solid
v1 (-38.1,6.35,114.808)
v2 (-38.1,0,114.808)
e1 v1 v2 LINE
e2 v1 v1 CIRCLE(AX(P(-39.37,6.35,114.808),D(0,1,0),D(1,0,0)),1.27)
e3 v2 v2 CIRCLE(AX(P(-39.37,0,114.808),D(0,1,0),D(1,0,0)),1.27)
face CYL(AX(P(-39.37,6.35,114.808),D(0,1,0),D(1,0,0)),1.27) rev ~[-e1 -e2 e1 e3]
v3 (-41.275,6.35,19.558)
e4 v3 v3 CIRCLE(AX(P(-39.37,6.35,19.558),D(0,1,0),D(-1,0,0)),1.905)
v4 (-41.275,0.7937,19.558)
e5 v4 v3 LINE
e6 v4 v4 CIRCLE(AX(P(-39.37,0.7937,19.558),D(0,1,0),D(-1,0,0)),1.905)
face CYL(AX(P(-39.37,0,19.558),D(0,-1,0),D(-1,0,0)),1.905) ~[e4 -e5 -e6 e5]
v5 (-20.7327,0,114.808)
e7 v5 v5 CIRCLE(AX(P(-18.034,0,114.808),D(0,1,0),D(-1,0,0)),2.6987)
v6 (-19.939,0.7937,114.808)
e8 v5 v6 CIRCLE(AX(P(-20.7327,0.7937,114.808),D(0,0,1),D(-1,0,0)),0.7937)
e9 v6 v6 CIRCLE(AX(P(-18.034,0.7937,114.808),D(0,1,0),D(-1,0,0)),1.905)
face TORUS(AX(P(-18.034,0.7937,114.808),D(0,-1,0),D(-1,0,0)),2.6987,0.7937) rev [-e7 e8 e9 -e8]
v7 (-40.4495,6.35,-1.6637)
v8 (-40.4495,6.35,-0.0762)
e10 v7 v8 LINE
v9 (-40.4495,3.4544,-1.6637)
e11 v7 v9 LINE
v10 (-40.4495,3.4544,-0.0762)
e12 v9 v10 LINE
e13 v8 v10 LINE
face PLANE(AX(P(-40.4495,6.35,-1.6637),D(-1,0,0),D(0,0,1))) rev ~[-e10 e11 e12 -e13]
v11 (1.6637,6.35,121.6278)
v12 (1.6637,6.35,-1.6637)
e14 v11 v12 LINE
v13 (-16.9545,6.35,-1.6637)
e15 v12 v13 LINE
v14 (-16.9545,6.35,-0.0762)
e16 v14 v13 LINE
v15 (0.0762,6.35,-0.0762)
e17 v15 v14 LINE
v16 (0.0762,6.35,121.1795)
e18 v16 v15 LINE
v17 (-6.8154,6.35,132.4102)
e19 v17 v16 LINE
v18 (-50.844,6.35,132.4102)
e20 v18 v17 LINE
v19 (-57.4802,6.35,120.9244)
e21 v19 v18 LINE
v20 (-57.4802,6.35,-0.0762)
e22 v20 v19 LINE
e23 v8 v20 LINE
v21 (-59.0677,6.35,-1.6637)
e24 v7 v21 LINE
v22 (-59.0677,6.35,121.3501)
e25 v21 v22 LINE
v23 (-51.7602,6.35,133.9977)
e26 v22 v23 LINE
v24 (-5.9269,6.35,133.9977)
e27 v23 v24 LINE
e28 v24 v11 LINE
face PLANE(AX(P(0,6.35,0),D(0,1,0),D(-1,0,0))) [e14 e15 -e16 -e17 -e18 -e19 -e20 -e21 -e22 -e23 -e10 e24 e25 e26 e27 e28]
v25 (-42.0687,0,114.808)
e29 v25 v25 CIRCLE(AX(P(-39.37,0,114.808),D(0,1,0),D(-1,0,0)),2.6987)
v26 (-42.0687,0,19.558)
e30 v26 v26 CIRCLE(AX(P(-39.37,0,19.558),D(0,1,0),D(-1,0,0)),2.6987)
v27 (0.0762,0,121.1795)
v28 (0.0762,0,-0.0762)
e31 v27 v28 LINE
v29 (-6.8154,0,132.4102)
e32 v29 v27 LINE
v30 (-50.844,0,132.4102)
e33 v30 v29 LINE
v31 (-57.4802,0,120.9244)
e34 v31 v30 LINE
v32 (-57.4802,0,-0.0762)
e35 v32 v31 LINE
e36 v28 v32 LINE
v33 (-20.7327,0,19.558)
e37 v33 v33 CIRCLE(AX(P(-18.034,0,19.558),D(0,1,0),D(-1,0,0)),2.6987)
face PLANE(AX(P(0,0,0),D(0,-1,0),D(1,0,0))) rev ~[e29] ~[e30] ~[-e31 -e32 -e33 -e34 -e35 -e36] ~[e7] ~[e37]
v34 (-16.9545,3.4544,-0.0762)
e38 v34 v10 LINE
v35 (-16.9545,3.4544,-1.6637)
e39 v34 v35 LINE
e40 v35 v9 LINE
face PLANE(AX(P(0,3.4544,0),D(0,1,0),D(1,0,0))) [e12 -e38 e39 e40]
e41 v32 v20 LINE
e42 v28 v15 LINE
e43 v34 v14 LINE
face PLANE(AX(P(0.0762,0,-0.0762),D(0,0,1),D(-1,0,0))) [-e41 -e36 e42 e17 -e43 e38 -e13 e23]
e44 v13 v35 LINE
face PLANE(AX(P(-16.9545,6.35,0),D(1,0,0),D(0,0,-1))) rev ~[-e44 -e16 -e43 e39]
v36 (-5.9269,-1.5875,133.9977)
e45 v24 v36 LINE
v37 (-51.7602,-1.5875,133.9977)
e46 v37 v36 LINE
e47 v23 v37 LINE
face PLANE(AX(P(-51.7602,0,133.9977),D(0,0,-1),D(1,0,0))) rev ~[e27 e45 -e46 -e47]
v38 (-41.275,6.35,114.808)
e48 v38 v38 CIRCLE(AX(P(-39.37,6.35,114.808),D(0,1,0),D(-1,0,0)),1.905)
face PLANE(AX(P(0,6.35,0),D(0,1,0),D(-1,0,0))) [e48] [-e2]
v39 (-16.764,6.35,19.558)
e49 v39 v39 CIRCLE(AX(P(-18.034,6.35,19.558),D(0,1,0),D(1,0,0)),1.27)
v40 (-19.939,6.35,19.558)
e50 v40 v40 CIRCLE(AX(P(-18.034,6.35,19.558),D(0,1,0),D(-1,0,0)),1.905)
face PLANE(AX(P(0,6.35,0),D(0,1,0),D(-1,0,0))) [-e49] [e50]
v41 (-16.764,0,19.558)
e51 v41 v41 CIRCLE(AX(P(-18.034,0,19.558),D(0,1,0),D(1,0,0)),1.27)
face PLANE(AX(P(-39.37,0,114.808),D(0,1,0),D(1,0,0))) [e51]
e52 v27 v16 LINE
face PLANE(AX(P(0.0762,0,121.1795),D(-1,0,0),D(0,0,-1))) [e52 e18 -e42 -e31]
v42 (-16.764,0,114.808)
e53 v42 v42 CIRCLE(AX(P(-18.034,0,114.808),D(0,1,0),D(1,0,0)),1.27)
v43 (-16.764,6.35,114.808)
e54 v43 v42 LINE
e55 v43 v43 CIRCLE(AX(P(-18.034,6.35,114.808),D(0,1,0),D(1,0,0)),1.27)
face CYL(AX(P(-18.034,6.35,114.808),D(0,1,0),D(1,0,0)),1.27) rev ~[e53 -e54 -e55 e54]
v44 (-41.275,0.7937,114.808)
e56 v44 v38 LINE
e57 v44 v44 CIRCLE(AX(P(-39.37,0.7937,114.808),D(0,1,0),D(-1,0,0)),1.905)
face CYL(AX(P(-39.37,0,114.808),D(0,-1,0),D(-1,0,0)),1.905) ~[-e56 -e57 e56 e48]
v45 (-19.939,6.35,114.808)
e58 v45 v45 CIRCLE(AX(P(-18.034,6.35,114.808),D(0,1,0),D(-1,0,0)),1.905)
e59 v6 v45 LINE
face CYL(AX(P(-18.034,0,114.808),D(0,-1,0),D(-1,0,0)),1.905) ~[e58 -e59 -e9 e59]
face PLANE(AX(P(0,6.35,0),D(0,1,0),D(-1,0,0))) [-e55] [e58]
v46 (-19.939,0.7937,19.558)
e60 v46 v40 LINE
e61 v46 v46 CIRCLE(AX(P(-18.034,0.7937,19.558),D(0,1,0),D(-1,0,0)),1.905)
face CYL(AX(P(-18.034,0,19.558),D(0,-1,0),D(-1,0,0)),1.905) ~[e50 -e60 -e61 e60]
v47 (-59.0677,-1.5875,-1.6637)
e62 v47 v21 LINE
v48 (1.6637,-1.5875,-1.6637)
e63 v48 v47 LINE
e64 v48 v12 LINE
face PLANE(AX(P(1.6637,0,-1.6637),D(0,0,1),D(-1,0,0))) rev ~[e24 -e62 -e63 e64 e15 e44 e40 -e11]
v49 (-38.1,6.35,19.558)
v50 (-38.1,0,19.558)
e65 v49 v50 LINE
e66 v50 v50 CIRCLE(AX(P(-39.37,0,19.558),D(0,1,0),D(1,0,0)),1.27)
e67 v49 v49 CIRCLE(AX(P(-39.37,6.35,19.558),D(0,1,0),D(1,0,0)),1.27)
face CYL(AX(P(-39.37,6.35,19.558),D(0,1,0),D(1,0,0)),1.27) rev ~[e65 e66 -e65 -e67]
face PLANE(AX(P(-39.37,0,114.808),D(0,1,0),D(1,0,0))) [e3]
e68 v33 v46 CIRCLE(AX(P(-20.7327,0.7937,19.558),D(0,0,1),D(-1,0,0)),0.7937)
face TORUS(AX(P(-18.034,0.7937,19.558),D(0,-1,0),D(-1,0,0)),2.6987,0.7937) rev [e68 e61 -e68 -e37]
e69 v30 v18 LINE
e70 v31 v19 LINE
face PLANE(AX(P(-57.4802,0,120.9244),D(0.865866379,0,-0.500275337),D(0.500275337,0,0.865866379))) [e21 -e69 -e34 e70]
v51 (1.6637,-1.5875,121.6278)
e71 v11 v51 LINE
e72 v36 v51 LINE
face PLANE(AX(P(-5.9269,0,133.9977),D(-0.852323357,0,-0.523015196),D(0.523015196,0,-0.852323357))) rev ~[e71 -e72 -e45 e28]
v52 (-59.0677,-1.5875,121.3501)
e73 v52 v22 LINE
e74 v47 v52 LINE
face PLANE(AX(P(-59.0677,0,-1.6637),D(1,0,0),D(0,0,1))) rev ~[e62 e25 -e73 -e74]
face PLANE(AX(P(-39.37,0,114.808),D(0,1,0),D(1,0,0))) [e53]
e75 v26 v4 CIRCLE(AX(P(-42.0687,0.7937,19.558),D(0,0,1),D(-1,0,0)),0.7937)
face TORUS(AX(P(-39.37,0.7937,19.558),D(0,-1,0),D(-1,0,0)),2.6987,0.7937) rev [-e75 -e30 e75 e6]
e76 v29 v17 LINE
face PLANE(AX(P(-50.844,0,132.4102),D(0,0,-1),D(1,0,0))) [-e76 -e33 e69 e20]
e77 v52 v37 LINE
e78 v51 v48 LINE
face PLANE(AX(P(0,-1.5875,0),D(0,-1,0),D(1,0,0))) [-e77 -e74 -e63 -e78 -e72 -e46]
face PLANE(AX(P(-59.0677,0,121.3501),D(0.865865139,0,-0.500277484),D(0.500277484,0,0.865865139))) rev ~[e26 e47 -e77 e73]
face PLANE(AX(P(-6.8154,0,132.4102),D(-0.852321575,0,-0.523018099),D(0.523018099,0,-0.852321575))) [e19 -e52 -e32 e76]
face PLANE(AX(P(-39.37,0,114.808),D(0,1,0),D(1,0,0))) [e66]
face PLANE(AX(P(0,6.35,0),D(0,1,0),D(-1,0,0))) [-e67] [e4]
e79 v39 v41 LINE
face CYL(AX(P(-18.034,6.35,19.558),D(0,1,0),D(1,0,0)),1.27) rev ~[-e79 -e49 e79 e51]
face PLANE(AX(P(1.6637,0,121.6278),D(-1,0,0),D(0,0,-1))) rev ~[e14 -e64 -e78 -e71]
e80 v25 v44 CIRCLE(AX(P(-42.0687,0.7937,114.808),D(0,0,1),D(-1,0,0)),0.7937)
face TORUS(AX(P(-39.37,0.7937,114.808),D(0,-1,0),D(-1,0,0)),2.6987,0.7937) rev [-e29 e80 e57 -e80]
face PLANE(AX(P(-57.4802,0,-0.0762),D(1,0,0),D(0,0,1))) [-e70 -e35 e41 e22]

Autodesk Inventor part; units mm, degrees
ref_plane "YZ Plane" through (0, 0, 0) normal (1, 0, 0) x (0, 1, 0)
ref_plane "XZ Plane" through (0, 0, 0) normal (0, 1, 0) x (-1, 0, 0)
ref_plane "XY Plane" through (0, 0, 0) normal (0, 0, 1) x (1, 0, 0)
sketch "Sketch1" plane through (0, 0, 0) normal (0, 1, 0) x (-1, 0, 0)
  line L0 (0, 0) -> (57.404, 0) construction
  line L1 (57.404, 0) -> (57.404, 120.904) construction
  line L2 (57.404, 120.904) -> (50.8, 132.334) construction
  line L3 (50.8, 132.334) -> (6.858, 132.334) construction
  line L4 (6.858, 132.334) -> (0, 121.158) construction
  line L5 (0, 121.158) -> (0, 0) construction
  circle A0 centre (4.318, 10.414) radius 0.51 construction
  circle A1 centre (4.318, 17.526) radius 0.51 construction
  circle A2 centre (4.318, 15.366) radius 0.55 construction
  circle A3 centre (4.318, 24.638) radius 0.51 construction
  circle A4 centre (4.318, 22.478) radius 0.55 construction
  circle A5 centre (6.858, 3.302) radius 0.51 construction
  circle A6 centre (6.858, 10.414) radius 0.51 construction
  circle A7 centre (6.858, 17.526) radius 0.51 construction
  circle A8 centre (4.318, 3.302) radius 0.51 construction
  circle A9 centre (4.318, 8.254) radius 0.55 construction
  circle A10 centre (18.542, 10.879) radius 1.27 construction
  circle A11 centre (9.398, 10.414) radius 0.51 construction
  circle A12 centre (9.398, 17.526) radius 0.51 construction
  circle A13 centre (18.034, 19.558) radius 2.15 construction
  circle A14 centre (9.398, 3.302) radius 0.51 construction
  circle A15 centre (23.622, 3.259) radius 1.995 construction
  circle A16 centre (21.082, 13.419) radius 0.8 construction
  circle A17 centre (26.162, 13.419) radius 0.8 construction
  circle A18 centre (53.086, 3.81) radius 0.51 construction
  circle A19 centre (48.006, 3.81) radius 0.51 construction
  circle A20 centre (50.546, 3.81) radius 0.51 construction
  circle A21 centre (53.086, 5.97) radius 0.55 construction
  circle A22 centre (50.546, 10.922) radius 0.51 construction
  circle A23 centre (53.086, 10.922) radius 0.51 construction
  circle A24 centre (48.006, 10.922) radius 0.51 construction
  circle A25 centre (48.006, 18.034) radius 0.51 construction
  circle A26 centre (50.546, 18.034) radius 0.51 construction
  circle A27 centre (53.086, 18.034) radius 0.51 construction
  circle A28 centre (53.086, 13.082) radius 0.55 construction
  circle A29 centre (31.242, 13.419) radius 0.8 construction
  circle A30 centre (36.322, 13.419) radius 0.8 construction
  circle A31 centre (33.782, 3.259) radius 1.995 construction
  circle A32 centre (39.37, 19.558) radius 2.15 construction
  circle A33 centre (38.862, 10.879) radius 1.27 construction
  circle A34 centre (53.086, 20.194) radius 0.55 construction
  circle A35 centre (21.082, 72.644) radius 0.5 construction
  circle A36 centre (21.082, 37.084) radius 0.5 construction
  circle A37 centre (36.322, 52.324) radius 0.5 construction
  circle A38 centre (48.006, 67.818) radius 0.51 construction
  circle A39 centre (55.626, 10.922) radius 0.51 construction
  circle A40 centre (55.626, 3.81) radius 0.51 construction
  circle A41 centre (55.626, 18.034) radius 0.51 construction
  circle A42 centre (1.778, 3.302) radius 0.51 construction
  circle A43 centre (1.778, 10.414) radius 0.51 construction
  circle A44 centre (1.778, 17.526) radius 0.51 construction
  circle A45 centre (1.778, 88.646) radius 0.51 construction
  circle A46 centre (4.318, 88.646) radius 0.51 construction
  circle A47 centre (9.398, 88.646) radius 0.51 construction
  circle A48 centre (6.858, 88.646) radius 0.51 construction
  circle A49 centre (21.082, 87.884) radius 0.5 construction
  circle A50 centre (55.626, 89.154) radius 0.51 construction
  circle A51 centre (53.086, 89.154) radius 0.51 construction
  circle A52 centre (50.546, 89.154) radius 0.51 construction
  circle A53 centre (48.006, 89.154) radius 0.51 construction
  circle A54 centre (36.322, 87.884) radius 0.5 construction
  circle A55 centre (53.086, 84.202) radius 0.55 construction
  circle A56 centre (36.322, 85.344) radius 0.5 construction
  circle A57 centre (4.318, 86.486) radius 0.55 construction
  circle A58 centre (21.082, 85.344) radius 0.5 construction
  circle A59 centre (9.398, 60.198) radius 0.51 construction
  circle A60 centre (21.082, 65.024) radius 0.5 construction
  circle A61 centre (21.082, 62.484) radius 0.5 construction
  circle A62 centre (21.082, 59.944) radius 0.5 construction
  circle A63 centre (9.398, 67.31) radius 0.51 construction
  circle A64 centre (21.082, 75.184) radius 0.5 construction
  circle A65 centre (21.082, 67.564) radius 0.5 construction
  circle A66 centre (21.082, 70.104) radius 0.5 construction
  circle A67 centre (9.398, 74.422) radius 0.51 construction
  circle A68 centre (21.082, 80.264) radius 0.5 construction
  circle A69 centre (21.082, 77.724) radius 0.5 construction
  circle A70 centre (21.082, 82.804) radius 0.5 construction
  circle A71 centre (9.398, 81.534) radius 0.51 construction
  circle A72 centre (50.546, 82.042) radius 0.51 construction
  circle A73 centre (48.006, 82.042) radius 0.51 construction
  circle A74 centre (36.322, 77.724) radius 0.5 construction
  circle A75 centre (36.322, 80.264) radius 0.5 construction
  circle A76 centre (36.322, 82.804) radius 0.5 construction
  circle A77 centre (50.546, 74.93) radius 0.51 construction
  circle A78 centre (48.006, 74.93) radius 0.51 construction
  circle A79 centre (36.322, 75.184) radius 0.5 construction
  circle A80 centre (36.322, 72.644) radius 0.5 construction
  circle A81 centre (36.322, 62.484) radius 0.5 construction
  circle A82 centre (36.322, 65.024) radius 0.5 construction
  circle A83 centre (36.322, 70.104) radius 0.5 construction
  circle A84 centre (36.322, 67.564) radius 0.5 construction
  circle A85 centre (50.546, 67.818) radius 0.51 construction
  circle A86 centre (50.546, 60.706) radius 0.51 construction
  circle A87 centre (48.006, 60.706) radius 0.51 construction
  circle A88 centre (36.322, 59.944) radius 0.5 construction
  circle A89 centre (4.318, 65.15) radius 0.55 construction
  circle A90 centre (4.318, 60.198) radius 0.51 construction
  circle A91 centre (4.318, 67.31) radius 0.51 construction
  circle A92 centre (6.858, 67.31) radius 0.51 construction
  circle A93 centre (6.858, 60.198) radius 0.51 construction
  circle A94 centre (6.858, 81.534) radius 0.51 construction
  circle A95 centre (6.858, 74.422) radius 0.51 construction
  circle A96 centre (4.318, 81.534) radius 0.51 construction
  circle A97 centre (4.318, 72.262) radius 0.55 construction
  circle A98 centre (4.318, 74.422) radius 0.51 construction
  circle A99 centre (4.318, 79.374) radius 0.55 construction
  circle A100 centre (53.086, 69.978) radius 0.55 construction
  circle A101 centre (53.086, 67.818) radius 0.51 construction
  circle A102 centre (53.086, 74.93) radius 0.51 construction
  circle A103 centre (53.086, 60.706) radius 0.51 construction
  circle A104 centre (53.086, 62.866) radius 0.55 construction
  circle A105 centre (53.086, 77.09) radius 0.55 construction
  circle A106 centre (53.086, 82.042) radius 0.51 construction
  circle A107 centre (1.778, 60.198) radius 0.51 construction
  circle A108 centre (1.778, 67.31) radius 0.51 construction
  circle A109 centre (1.778, 81.534) radius 0.51 construction
  circle A110 centre (1.778, 74.422) radius 0.51 construction
  circle A111 centre (55.626, 60.706) radius 0.51 construction
  circle A112 centre (55.626, 67.818) radius 0.51 construction
  circle A113 centre (55.626, 82.042) radius 0.51 construction
  circle A114 centre (55.626, 74.93) radius 0.51 construction
  circle A115 centre (36.322, 57.404) radius 0.5 construction
  circle A116 centre (21.082, 57.404) radius 0.5 construction
  circle A117 centre (4.318, 58.038) radius 0.55 construction
  circle A118 centre (1.778, 24.638) radius 0.51 construction
  circle A119 centre (1.778, 31.75) radius 0.51 construction
  circle A120 centre (4.318, 31.75) radius 0.51 construction
  circle A121 centre (4.318, 29.59) radius 0.55 construction
  circle A122 centre (6.858, 24.638) radius 0.51 construction
  circle A123 centre (6.858, 31.75) radius 0.51 construction
  circle A124 centre (6.858, 38.862) radius 0.51 construction
  circle A125 centre (4.318, 38.862) radius 0.51 construction
  circle A126 centre (1.778, 38.862) radius 0.51 construction
  circle A127 centre (4.318, 36.702) radius 0.55 construction
  circle A128 centre (9.398, 24.638) radius 0.51 construction
  circle A129 centre (21.082, 39.624) radius 0.5 construction
  circle A130 centre (21.082, 32.004) radius 0.5 construction
  circle A131 centre (21.082, 34.544) radius 0.5 construction
  circle A132 centre (9.398, 31.75) radius 0.51 construction
  circle A133 centre (9.398, 38.862) radius 0.51 construction
  circle A134 centre (1.778, 45.974) radius 0.51 construction
  circle A135 centre (6.858, 45.974) radius 0.51 construction
  circle A136 centre (4.318, 45.974) radius 0.51 construction
  circle A137 centre (4.318, 43.814) radius 0.55 construction
  circle A138 centre (9.398, 45.974) radius 0.51 construction
  circle A139 centre (21.082, 44.704) radius 0.5 construction
  circle A140 centre (21.082, 42.164) radius 0.5 construction
  circle A141 centre (21.082, 47.244) radius 0.5 construction
  circle A142 centre (55.626, 46.482) radius 0.51 construction
  circle A143 centre (53.086, 46.482) radius 0.51 construction
  circle A144 centre (50.546, 46.482) radius 0.51 construction
  circle A145 centre (55.626, 39.37) radius 0.51 construction
  circle A146 centre (53.086, 39.37) radius 0.51 construction
  circle A147 centre (50.546, 39.37) radius 0.51 construction
  circle A148 centre (53.086, 41.53) radius 0.55 construction
  circle A149 centre (48.006, 46.482) radius 0.51 construction
  circle A150 centre (48.006, 32.258) radius 0.51 construction
  circle A151 centre (50.546, 32.258) radius 0.51 construction
  circle A152 centre (55.626, 32.258) radius 0.51 construction
  circle A153 centre (53.086, 32.258) radius 0.51 construction
  circle A154 centre (48.006, 39.37) radius 0.51 construction
  circle A155 centre (53.086, 34.418) radius 0.55 construction
  circle A156 centre (53.086, 27.306) radius 0.55 construction
  circle A157 centre (36.322, 34.544) radius 0.5 construction
  circle A158 centre (36.322, 39.624) radius 0.5 construction
  circle A159 centre (36.322, 37.084) radius 0.5 construction
  circle A160 centre (36.322, 42.164) radius 0.5 construction
  circle A161 centre (36.322, 47.244) radius 0.5 construction
  circle A162 centre (36.322, 44.704) radius 0.5 construction
  circle A163 centre (36.322, 32.004) radius 0.5 construction
  circle A164 centre (55.626, 25.146) radius 0.51 construction
  circle A165 centre (53.086, 25.146) radius 0.51 construction
  circle A166 centre (48.006, 25.146) radius 0.51 construction
  circle A167 centre (50.546, 25.146) radius 0.51 construction
  circle A168 centre (36.322, 49.784) radius 0.5 construction
  circle A169 centre (21.082, 49.784) radius 0.5 construction
  circle A170 centre (53.086, 48.642) radius 0.55 construction
  circle A171 centre (4.318, 53.086) radius 0.51 construction
  circle A172 centre (4.318, 50.926) radius 0.55 construction
  circle A173 centre (6.858, 53.086) radius 0.51 construction
  circle A174 centre (9.398, 53.086) radius 0.51 construction
  circle A175 centre (21.082, 52.324) radius 0.5 construction
  circle A176 centre (55.626, 53.594) radius 0.51 construction
  circle A177 centre (53.086, 53.594) radius 0.51 construction
  circle A178 centre (48.006, 53.594) radius 0.51 construction
  circle A179 centre (50.546, 53.594) radius 0.51 construction
  circle A180 centre (1.778, 53.086) radius 0.51 construction
  circle A181 centre (53.086, 55.754) radius 0.55 construction
  circle A182 centre (36.322, 54.864) radius 0.5 construction
  circle A183 centre (21.082, 54.864) radius 0.5 construction
  circle A184 centre (55.626, 96.266) radius 0.51 construction
  circle A185 centre (53.086, 96.266) radius 0.51 construction
  circle A186 centre (53.086, 91.314) radius 0.55 construction
  circle A187 centre (50.546, 96.266) radius 0.51 construction
  circle A188 centre (48.006, 96.266) radius 0.51 construction
  circle A189 centre (36.322, 90.424) radius 0.5 construction
  circle A190 centre (6.858, 95.758) radius 0.51 construction
  circle A191 centre (9.398, 95.758) radius 0.51 construction
  circle A192 centre (21.082, 90.424) radius 0.5 construction
  circle A193 centre (4.318, 95.758) radius 0.51 construction
  circle A194 centre (4.318, 93.598) radius 0.55 construction
  circle A195 centre (1.778, 95.758) radius 0.51 construction
  circle A196 centre (55.626, 117.602) radius 0.51 construction
  circle A197 centre (53.086, 117.602) radius 0.51 construction
  circle A198 centre (48.006, 117.602) radius 0.51 construction
  circle A199 centre (50.546, 117.602) radius 0.51 construction
  circle A200 centre (53.086, 112.65) radius 0.55 construction
  circle A201 centre (53.086, 110.49) radius 0.51 construction
  circle A202 centre (48.006, 110.49) radius 0.51 construction
  circle A203 centre (50.546, 110.49) radius 0.51 construction
  circle A204 centre (55.626, 110.49) radius 0.51 construction
  circle A205 centre (39.37, 114.808) radius 2.15 construction
  circle A206 centre (9.398, 109.982) radius 0.51 construction
  circle A207 centre (9.398, 117.094) radius 0.51 construction
  circle A208 centre (18.034, 114.808) radius 2.15 construction
  circle A209 centre (9.398, 102.87) radius 0.51 construction
  circle A210 centre (53.086, 103.378) radius 0.51 construction
  circle A211 centre (48.006, 103.378) radius 0.51 construction
  circle A212 centre (50.546, 103.378) radius 0.51 construction
  circle A213 centre (53.086, 105.538) radius 0.55 construction
  circle A214 centre (55.626, 103.378) radius 0.51 construction
  circle A215 centre (4.318, 117.094) radius 0.51 construction
  circle A216 centre (4.318, 114.934) radius 0.55 construction
  circle A217 centre (6.858, 117.094) radius 0.51 construction
  circle A218 centre (4.318, 109.982) radius 0.51 construction
  circle A219 centre (6.858, 109.982) radius 0.51 construction
  circle A220 centre (6.858, 102.87) radius 0.51 construction
  circle A221 centre (4.318, 102.87) radius 0.51 construction
  circle A222 centre (4.318, 107.822) radius 0.55 construction
  circle A223 centre (4.318, 100.71) radius 0.55 construction
  circle A224 centre (1.778, 117.094) radius 0.51 construction
  circle A225 centre (1.778, 109.982) radius 0.51 construction
  circle A226 centre (1.778, 102.87) radius 0.51 construction
  circle A227 centre (53.086, 98.426) radius 0.55 construction
  circle A228 centre (10.16, 122.682) radius 0.51 construction
  circle A229 centre (17.272, 122.682) radius 0.51 construction
  circle A230 centre (24.384, 122.682) radius 0.51 construction
  circle A231 centre (38.608, 122.682) radius 0.51 construction
  circle A232 centre (31.496, 122.682) radius 0.51 construction
  circle A233 centre (53.086, 119.762) radius 0.55 construction
  circle A234 centre (45.72, 122.682) radius 0.51 construction
  circle A235 centre (24.384, 130.302) radius 0.51 construction
  circle A236 centre (17.272, 130.302) radius 0.51 construction
  circle A237 centre (22.224, 127.762) radius 0.55 construction
  circle A238 centre (17.272, 127.762) radius 0.51 construction
  circle A239 centre (31.496, 127.762) radius 0.51 construction
  circle A240 centre (29.336, 127.762) radius 0.55 construction
  circle A241 centre (24.384, 127.762) radius 0.51 construction
  circle A242 centre (31.496, 130.302) radius 0.51 construction
  circle A243 centre (17.272, 125.222) radius 0.51 construction
  circle A244 centre (24.384, 125.222) radius 0.51 construction
  circle A245 centre (31.496, 125.222) radius 0.51 construction
  circle A246 centre (38.608, 125.222) radius 0.51 construction
  circle A247 centre (36.448, 127.762) radius 0.55 construction
  circle A248 centre (38.608, 127.762) radius 0.51 construction
  circle A249 centre (38.608, 130.302) radius 0.51 construction
  circle A250 centre (45.72, 130.302) radius 0.51 construction
  circle A251 centre (45.72, 127.762) radius 0.51 construction
  circle A252 centre (43.56, 127.762) radius 0.55 construction
  circle A253 centre (45.72, 125.222) radius 0.51 construction
  circle A254 centre (10.16, 125.222) radius 0.51 construction
  circle A255 centre (10.16, 127.762) radius 0.51 construction
  circle A256 centre (10.16, 130.302) radius 0.51 construction
  circle A257 centre (15.112, 127.762) radius 0.55 construction
  circle A258 centre (8, 127.762) radius 0.55 construction
  circle A259 centre (4.318, 1.142) radius 0.55 construction
  line L6 (-0.0762, -0.0762) -> (57.4802, -0.0762)
  line L7 (57.4802, -0.0762) -> (57.4802, 120.9244)
  line L8 (57.4802, 120.9244) -> (50.844, 132.4102)
  line L9 (50.844, 132.4102) -> (6.8154, 132.4102)
  line L10 (6.8154, 132.4102) -> (-0.0762, 121.1795)
  line L11 (-0.0762, 121.1795) -> (-0.0762, -0.0762)
  line L12 (-1.6637, -1.6637) -> (59.0677, -1.6637)
  line L13 (59.0677, -1.6637) -> (59.0677, 121.3501)
  line L14 (59.0677, 121.3501) -> (51.7602, 133.9977)
  line L15 (51.7602, 133.9977) -> (5.9269, 133.9977)
  line L16 (5.9269, 133.9977) -> (-1.6637, 121.6278)
  line L17 (-1.6637, 121.6278) -> (-1.6637, -1.6637)
  circle A260 centre (39.37, 19.558) radius 1.905
  circle A261 centre (18.034, 19.558) radius 1.905
  circle A262 centre (18.034, 114.808) radius 1.905
  circle A263 centre (39.37, 114.808) radius 1.905
  point P0 (-98.298, 175.514)
  dimension "d0" = 0.0762
  dimension "d1" = 1.5875
  dimension "d6" = 3.81
extrude "Extrusion1" add sketch "Sketch1" along normal blind 6.35 contours L17 L16 L15 L14 L13 L12
sketch "Sketch2" plane through (0, 0, 0) normal (0, -1, 0) x (1, 0, 0)
  line L0 (-59.0677, -1.6637) -> (-59.0677, 121.3501) projected
  line L1 (1.6637, -1.6637) -> (-59.0677, -1.6637) projected
  line L2 (1.6637, 121.6278) -> (1.6637, -1.6637) projected
  line L3 (-5.9269, 133.9977) -> (1.6637, 121.6278) projected
  line L4 (-51.7602, 133.9977) -> (-5.9269, 133.9977) projected
  line L5 (-59.0677, 121.3501) -> (-51.7602, 133.9977) projected
  line L6 (0.0762, -0.0762) -> (0.0762, 121.1795) projected
  line L7 (-57.4802, -0.0762) -> (0.0762, -0.0762) projected
  line L8 (-57.4802, 120.9244) -> (-57.4802, -0.0762) projected
  line L9 (-50.844, 132.4102) -> (-57.4802, 120.9244) projected
  line L10 (-6.8154, 132.4102) -> (-50.844, 132.4102) projected
  line L11 (0.0762, 121.1795) -> (-6.8154, 132.4102) projected
  point P0 (0, 0)
extrude "Extrusion2" add sketch "Sketch2" along normal blind 1.5875 contours L0 L5 L4 L3 L2 L1 | L7 L8 L9 L10 L11 L6
extrude "Extrusion3" add sketch "Sketch1" along normal up to surface (6.35 mm away) contours A260 | A261 | A262 | A263
sketch "Sketch3" plane through (-39.37, 6.35, 114.808) normal (0, 1, 0) x (1, 0, 0)
  circle A0 centre (0, 95.25) radius 1.905 projected
  circle A1 centre (0, 95.25) radius 1.27
  circle A2 centre (21.336, 95.25) radius 1.905 projected
  circle A3 centre (0, 0) radius 1.905 projected
  circle A4 centre (21.336, 0) radius 1.905 projected
  circle A5 centre (0, 0) radius 1.905 projected
  circle A6 centre (0, 0) radius 1.27
  circle A7 centre (21.336, 0) radius 1.905 projected
  circle A8 centre (21.336, 0) radius 1.27
  circle A9 centre (21.336, 95.25) radius 1.27
  point P0 (39.37, 114.808)
  dimension "d9" = 2.54
extrude "Extrusion4" cut sketch "Sketch3" against normal up to surface (6.35 mm away) contours A1 | A6 | A8 | A9
fillet "Fillet1" radius 0.7937 4 edges at (-37.465, 0, 114.808) (-37.465, 0, 19.558) (-16.129, 0, 19.558) (-16.129, 0, 114.808)
sketch "Sketch5" plane through (0, 6.35, 0) normal (0, 1, 0) x (1, 0, 0)
  line L0 (1.6637, 1.6637) -> (-59.0677, 1.6637) projected
  line L1 (-40.4495, 0) -> (-16.9545, 0)
  line L2 (-16.9545, 0) -> (-16.9545, 1.6637)
  line L3 (-16.9545, 1.6637) -> (-40.4495, 1.6637)
  line L4 (-40.4495, 1.6637) -> (-40.4495, 0)
  line L5 (0.0762, 0.0762) -> (0.0762, -121.1795) projected
  line L6 (-57.4802, -120.9244) -> (-57.4802, 0.0762) projected
  point P0 (0, 0)
  dimension "d13" = 23.495
  dimension "d14" = 17.0307
  dimension "d15" = 17.0307
extrude "Extrusion5" cut sketch "Sketch5" against normal blind 2.8956
equation "\"d10\" = d9"
equation "\"d14\" = d15"
properties part number "CaseBottomV2"
